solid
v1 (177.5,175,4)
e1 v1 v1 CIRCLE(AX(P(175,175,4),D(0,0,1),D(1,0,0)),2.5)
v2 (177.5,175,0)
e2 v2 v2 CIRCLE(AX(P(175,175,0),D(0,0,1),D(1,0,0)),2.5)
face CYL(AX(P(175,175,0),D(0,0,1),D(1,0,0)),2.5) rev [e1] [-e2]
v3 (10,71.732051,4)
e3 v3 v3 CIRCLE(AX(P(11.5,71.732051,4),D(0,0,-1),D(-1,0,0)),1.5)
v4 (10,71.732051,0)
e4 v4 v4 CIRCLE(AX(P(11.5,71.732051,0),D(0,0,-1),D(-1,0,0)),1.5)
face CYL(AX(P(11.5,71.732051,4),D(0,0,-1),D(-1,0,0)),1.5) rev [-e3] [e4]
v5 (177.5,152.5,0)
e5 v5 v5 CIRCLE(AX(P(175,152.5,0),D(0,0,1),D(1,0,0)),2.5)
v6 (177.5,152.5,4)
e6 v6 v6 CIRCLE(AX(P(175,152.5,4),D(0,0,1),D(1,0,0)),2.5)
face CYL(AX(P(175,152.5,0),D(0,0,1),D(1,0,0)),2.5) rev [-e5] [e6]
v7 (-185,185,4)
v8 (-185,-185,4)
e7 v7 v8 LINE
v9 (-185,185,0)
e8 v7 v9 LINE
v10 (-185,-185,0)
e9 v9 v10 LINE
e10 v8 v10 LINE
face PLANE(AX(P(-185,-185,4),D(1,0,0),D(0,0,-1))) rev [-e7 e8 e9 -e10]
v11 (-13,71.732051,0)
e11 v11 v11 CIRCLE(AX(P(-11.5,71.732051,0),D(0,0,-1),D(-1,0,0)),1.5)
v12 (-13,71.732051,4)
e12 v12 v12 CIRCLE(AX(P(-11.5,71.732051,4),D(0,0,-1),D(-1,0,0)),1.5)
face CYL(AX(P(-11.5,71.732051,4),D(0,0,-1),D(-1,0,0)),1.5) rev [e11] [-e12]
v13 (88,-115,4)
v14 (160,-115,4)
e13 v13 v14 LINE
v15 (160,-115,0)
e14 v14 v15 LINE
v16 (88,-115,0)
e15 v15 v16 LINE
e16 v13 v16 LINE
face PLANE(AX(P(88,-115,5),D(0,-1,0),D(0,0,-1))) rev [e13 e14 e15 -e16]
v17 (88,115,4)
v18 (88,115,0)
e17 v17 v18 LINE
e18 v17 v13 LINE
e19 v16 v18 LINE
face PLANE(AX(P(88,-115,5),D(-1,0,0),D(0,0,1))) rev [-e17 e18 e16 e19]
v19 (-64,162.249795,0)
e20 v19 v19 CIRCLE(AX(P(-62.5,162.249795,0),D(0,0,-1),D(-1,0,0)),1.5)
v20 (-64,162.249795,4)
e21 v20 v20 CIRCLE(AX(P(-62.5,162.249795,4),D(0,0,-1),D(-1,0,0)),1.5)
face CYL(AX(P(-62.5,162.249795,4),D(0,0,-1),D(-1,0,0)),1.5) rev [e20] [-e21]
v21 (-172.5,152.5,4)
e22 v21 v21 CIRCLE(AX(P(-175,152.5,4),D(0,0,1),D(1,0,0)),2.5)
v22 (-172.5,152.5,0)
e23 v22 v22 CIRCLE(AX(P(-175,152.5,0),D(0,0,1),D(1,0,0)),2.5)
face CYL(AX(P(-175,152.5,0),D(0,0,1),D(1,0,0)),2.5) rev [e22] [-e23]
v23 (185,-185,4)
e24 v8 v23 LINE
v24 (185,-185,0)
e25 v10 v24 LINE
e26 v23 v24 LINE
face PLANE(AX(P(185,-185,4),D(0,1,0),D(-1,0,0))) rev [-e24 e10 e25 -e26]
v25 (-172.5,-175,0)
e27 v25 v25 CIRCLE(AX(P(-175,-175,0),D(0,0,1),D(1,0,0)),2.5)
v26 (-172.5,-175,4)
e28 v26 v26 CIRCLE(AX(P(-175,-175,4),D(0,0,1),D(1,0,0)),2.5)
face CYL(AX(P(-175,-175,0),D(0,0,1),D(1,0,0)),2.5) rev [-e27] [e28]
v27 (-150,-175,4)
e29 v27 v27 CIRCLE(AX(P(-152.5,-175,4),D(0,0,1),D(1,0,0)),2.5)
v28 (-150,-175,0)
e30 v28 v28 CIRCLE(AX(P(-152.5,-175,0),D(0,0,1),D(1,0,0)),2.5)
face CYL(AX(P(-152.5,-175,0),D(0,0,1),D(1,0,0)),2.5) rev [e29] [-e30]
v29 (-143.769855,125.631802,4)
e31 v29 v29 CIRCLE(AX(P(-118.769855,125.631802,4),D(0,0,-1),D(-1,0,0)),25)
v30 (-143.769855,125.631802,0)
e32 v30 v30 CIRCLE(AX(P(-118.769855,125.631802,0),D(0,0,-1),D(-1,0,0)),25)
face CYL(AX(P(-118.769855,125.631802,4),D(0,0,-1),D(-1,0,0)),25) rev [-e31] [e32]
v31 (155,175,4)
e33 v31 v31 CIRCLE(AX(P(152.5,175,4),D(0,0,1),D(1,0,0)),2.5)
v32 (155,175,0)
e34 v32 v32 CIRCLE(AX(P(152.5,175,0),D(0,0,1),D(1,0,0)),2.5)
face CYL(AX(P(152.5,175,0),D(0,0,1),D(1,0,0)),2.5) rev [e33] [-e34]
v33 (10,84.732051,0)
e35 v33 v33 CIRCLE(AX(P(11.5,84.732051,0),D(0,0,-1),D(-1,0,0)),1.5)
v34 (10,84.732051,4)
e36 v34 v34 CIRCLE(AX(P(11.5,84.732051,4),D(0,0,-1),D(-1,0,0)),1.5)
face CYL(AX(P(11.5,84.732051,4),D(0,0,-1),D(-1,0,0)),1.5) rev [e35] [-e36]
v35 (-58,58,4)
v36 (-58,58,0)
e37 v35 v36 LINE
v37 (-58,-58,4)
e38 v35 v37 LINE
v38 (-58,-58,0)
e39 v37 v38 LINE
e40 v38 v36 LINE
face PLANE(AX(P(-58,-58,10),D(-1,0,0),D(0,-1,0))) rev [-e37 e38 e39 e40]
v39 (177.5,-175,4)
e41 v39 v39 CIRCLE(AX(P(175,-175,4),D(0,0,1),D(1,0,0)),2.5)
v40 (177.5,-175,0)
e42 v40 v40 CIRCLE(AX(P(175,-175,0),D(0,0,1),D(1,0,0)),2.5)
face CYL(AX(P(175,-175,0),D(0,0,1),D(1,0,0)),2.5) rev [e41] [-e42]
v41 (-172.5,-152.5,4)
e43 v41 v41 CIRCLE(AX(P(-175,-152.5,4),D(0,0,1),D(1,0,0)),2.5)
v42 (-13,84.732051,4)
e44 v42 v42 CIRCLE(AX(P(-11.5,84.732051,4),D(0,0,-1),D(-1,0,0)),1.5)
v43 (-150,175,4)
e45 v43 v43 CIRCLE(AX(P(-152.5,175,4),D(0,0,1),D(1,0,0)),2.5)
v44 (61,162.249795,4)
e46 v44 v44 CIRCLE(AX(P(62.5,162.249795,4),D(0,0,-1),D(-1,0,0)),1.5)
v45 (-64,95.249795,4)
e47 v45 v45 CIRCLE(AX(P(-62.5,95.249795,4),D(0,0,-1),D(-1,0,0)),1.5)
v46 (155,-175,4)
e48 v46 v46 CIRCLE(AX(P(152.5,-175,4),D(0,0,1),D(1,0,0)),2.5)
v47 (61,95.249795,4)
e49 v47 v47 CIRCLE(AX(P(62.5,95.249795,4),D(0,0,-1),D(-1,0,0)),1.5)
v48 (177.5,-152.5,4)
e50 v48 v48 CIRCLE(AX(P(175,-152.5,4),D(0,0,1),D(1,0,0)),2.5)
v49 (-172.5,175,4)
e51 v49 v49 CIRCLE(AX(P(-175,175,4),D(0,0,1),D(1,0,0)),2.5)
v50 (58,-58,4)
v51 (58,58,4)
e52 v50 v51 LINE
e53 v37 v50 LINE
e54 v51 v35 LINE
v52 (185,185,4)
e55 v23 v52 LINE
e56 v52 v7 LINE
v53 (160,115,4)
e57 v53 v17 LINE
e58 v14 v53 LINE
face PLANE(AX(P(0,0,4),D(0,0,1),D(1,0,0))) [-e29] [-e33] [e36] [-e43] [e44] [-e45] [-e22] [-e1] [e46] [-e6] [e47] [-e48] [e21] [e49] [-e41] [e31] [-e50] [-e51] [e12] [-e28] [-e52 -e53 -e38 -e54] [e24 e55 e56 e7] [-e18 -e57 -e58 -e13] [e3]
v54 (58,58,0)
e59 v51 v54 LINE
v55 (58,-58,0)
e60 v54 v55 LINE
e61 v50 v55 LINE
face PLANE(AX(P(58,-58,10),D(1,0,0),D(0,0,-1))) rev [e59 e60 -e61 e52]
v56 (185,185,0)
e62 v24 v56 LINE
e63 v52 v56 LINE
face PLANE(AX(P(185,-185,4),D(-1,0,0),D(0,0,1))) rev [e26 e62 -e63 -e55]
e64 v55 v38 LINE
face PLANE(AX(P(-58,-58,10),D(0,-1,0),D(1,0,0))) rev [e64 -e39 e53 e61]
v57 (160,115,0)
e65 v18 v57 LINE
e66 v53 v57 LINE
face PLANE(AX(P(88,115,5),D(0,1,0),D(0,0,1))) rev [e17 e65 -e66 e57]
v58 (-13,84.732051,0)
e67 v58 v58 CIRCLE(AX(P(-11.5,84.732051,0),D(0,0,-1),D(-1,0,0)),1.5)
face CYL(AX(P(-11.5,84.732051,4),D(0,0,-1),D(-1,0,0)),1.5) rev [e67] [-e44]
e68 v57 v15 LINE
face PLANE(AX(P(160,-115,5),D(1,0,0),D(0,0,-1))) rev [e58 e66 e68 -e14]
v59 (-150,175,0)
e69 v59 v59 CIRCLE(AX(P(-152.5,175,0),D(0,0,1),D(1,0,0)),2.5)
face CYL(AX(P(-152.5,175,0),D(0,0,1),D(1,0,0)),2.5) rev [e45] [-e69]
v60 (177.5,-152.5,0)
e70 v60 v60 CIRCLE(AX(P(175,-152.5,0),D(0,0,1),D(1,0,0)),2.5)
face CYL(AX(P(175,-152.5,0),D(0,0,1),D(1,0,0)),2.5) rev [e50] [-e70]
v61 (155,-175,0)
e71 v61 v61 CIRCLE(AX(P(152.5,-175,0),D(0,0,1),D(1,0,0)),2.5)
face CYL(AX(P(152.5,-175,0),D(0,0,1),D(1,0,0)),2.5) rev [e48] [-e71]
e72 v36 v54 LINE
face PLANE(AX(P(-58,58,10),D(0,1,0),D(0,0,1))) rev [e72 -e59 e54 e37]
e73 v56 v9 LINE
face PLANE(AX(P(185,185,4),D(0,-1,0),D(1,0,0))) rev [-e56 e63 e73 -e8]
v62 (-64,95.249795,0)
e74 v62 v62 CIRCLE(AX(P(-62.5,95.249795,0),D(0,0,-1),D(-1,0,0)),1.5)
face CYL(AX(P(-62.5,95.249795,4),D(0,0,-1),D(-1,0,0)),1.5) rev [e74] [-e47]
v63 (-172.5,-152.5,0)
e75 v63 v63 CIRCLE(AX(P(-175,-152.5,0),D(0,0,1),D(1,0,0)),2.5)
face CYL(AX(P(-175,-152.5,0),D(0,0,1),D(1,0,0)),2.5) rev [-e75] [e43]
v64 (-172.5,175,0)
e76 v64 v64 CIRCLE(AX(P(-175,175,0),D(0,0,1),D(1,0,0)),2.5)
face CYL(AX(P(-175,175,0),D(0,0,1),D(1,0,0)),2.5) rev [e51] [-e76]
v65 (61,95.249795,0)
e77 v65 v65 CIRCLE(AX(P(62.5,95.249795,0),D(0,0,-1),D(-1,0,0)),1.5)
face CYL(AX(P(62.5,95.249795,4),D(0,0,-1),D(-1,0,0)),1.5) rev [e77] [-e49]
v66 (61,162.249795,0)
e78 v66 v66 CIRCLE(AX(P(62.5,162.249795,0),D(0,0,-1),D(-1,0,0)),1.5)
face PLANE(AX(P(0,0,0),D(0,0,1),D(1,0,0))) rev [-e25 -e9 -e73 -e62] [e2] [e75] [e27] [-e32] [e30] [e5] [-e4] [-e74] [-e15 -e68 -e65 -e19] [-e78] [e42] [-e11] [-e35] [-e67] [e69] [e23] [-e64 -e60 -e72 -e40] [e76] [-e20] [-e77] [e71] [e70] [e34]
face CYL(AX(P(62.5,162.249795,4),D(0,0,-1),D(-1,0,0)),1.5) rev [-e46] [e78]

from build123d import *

# Parameters (mm, degrees)
SKETCH_1_W           = 370
SKETCH_1_H           = 370
EXTRUDE_1_DEPTH      = 4
SKETCH_2_R           = 2.5
CUT_EXTRUDE_1_DEPTH  = 262.660084843
SKETCH_6_R           = 1.5
CUT_EXTRUDE_7_DEPTH  = 262.660084843
SKETCH_7_R           = 25
CUT_EXTRUDE_8_DEPTH  = 262.660084843
SKETCH_8_W           = 116
SKETCH_8_H           = 116
CUT_EXTRUDE_9_DEPTH  = 10
SKETCH_11_W          = 72
SKETCH_11_H          = 230
CUT_EXTRUDE_11_DEPTH = 5
SKETCH_12_R          = 1.5
CUT_EXTRUDE_12_DEPTH = 262.660084843


with BuildPart() as part:
    # 草图1 → 凸台-拉伸1 (new body)
    with BuildSketch(Plane.XY):
        Rectangle(SKETCH_1_W, SKETCH_1_H)
    extrude(amount=EXTRUDE_1_DEPTH)

    # 草图2 → 切除-拉伸1 (cut, through all)
    with BuildSketch(Plane.XY.offset(4)):
        with Locations((-175, -175)):
            Circle(SKETCH_2_R)
        with Locations((-152.5, -175)):
            Circle(SKETCH_2_R)
        with Locations((-175, -152.5)):
            Circle(SKETCH_2_R)
        with Locations((-152.5, 175)):
            Circle(SKETCH_2_R)
        with Locations((-175, 152.5)):
            Circle(SKETCH_2_R)
        with Locations((-175, 175)):
            Circle(SKETCH_2_R)
        with Locations((175, 152.5)):
            Circle(SKETCH_2_R)
        with Locations((152.5, 175)):
            Circle(SKETCH_2_R)
        with Locations((175, 175)):
            Circle(SKETCH_2_R)
        with Locations((152.5, -175)):
            Circle(SKETCH_2_R)
        with Locations((175, -152.5)):
            Circle(SKETCH_2_R)
        with Locations((175, -175)):
            Circle(SKETCH_2_R)
    extrude(amount=-CUT_EXTRUDE_1_DEPTH, mode=Mode.SUBTRACT)

    # 草图6 → 切除-拉伸7 (cut, through all)
    with BuildSketch(Plane(origin=(0, 0, 0), x_dir=(-1, 0, 0), z_dir=(0, 0, -1))):
        with Locations((-62.5, 162.249795252)):
            Circle(SKETCH_6_R)
        with Locations((-62.5, 95.249795252)):
            Circle(SKETCH_6_R)
        with Locations((62.5, 95.249795252)):
            Circle(SKETCH_6_R)
        with Locations((62.5, 162.249795252)):
            Circle(SKETCH_6_R)
    extrude(amount=-CUT_EXTRUDE_7_DEPTH, mode=Mode.SUBTRACT)

    # 草图7 → 切除-拉伸8 (cut, through all)
    with BuildSketch(Plane(origin=(0, 0, 0), x_dir=(-1, 0, 0), z_dir=(0, 0, -1))):
        with Locations((118.769854949, 125.631801741)):
            Circle(SKETCH_7_R)
    extrude(amount=-CUT_EXTRUDE_8_DEPTH, mode=Mode.SUBTRACT)

    # 草图8 → 切除-拉伸9 (cut)
    with BuildSketch(Plane(origin=(0, 0, 0), x_dir=(-1, 0, 0), z_dir=(0, 0, -1))):
        Rectangle(SKETCH_8_W, SKETCH_8_H)
    extrude(amount=-CUT_EXTRUDE_9_DEPTH, mode=Mode.SUBTRACT)

    # 草图11 → 切除-拉伸11 (cut)
    with BuildSketch(Plane(origin=(0, 0, 0), x_dir=(-1, 0, 0), z_dir=(0, 0, -1))):
        with Locations((-124, 0)):
            Rectangle(SKETCH_11_W, SKETCH_11_H)
    extrude(amount=-CUT_EXTRUDE_11_DEPTH, mode=Mode.SUBTRACT)

    # 草图12 → 切除-拉伸12 (cut, through all)
    with BuildSketch(Plane(origin=(0, 0, 0), x_dir=(-1, 0, 0), z_dir=(0, 0, -1))):
        with Locations((-11.5, 71.732050808)):
            Circle(SKETCH_12_R)
        with Locations((11.5, 71.732050808)):
            Circle(SKETCH_12_R)
        with Locations((-11.5, 84.732050808)):
            Circle(SKETCH_12_R)
        with Locations((11.5, 84.732050808)):
            Circle(SKETCH_12_R)
    extrude(amount=-CUT_EXTRUDE_12_DEPTH, mode=Mode.SUBTRACT)


solid = part.part
